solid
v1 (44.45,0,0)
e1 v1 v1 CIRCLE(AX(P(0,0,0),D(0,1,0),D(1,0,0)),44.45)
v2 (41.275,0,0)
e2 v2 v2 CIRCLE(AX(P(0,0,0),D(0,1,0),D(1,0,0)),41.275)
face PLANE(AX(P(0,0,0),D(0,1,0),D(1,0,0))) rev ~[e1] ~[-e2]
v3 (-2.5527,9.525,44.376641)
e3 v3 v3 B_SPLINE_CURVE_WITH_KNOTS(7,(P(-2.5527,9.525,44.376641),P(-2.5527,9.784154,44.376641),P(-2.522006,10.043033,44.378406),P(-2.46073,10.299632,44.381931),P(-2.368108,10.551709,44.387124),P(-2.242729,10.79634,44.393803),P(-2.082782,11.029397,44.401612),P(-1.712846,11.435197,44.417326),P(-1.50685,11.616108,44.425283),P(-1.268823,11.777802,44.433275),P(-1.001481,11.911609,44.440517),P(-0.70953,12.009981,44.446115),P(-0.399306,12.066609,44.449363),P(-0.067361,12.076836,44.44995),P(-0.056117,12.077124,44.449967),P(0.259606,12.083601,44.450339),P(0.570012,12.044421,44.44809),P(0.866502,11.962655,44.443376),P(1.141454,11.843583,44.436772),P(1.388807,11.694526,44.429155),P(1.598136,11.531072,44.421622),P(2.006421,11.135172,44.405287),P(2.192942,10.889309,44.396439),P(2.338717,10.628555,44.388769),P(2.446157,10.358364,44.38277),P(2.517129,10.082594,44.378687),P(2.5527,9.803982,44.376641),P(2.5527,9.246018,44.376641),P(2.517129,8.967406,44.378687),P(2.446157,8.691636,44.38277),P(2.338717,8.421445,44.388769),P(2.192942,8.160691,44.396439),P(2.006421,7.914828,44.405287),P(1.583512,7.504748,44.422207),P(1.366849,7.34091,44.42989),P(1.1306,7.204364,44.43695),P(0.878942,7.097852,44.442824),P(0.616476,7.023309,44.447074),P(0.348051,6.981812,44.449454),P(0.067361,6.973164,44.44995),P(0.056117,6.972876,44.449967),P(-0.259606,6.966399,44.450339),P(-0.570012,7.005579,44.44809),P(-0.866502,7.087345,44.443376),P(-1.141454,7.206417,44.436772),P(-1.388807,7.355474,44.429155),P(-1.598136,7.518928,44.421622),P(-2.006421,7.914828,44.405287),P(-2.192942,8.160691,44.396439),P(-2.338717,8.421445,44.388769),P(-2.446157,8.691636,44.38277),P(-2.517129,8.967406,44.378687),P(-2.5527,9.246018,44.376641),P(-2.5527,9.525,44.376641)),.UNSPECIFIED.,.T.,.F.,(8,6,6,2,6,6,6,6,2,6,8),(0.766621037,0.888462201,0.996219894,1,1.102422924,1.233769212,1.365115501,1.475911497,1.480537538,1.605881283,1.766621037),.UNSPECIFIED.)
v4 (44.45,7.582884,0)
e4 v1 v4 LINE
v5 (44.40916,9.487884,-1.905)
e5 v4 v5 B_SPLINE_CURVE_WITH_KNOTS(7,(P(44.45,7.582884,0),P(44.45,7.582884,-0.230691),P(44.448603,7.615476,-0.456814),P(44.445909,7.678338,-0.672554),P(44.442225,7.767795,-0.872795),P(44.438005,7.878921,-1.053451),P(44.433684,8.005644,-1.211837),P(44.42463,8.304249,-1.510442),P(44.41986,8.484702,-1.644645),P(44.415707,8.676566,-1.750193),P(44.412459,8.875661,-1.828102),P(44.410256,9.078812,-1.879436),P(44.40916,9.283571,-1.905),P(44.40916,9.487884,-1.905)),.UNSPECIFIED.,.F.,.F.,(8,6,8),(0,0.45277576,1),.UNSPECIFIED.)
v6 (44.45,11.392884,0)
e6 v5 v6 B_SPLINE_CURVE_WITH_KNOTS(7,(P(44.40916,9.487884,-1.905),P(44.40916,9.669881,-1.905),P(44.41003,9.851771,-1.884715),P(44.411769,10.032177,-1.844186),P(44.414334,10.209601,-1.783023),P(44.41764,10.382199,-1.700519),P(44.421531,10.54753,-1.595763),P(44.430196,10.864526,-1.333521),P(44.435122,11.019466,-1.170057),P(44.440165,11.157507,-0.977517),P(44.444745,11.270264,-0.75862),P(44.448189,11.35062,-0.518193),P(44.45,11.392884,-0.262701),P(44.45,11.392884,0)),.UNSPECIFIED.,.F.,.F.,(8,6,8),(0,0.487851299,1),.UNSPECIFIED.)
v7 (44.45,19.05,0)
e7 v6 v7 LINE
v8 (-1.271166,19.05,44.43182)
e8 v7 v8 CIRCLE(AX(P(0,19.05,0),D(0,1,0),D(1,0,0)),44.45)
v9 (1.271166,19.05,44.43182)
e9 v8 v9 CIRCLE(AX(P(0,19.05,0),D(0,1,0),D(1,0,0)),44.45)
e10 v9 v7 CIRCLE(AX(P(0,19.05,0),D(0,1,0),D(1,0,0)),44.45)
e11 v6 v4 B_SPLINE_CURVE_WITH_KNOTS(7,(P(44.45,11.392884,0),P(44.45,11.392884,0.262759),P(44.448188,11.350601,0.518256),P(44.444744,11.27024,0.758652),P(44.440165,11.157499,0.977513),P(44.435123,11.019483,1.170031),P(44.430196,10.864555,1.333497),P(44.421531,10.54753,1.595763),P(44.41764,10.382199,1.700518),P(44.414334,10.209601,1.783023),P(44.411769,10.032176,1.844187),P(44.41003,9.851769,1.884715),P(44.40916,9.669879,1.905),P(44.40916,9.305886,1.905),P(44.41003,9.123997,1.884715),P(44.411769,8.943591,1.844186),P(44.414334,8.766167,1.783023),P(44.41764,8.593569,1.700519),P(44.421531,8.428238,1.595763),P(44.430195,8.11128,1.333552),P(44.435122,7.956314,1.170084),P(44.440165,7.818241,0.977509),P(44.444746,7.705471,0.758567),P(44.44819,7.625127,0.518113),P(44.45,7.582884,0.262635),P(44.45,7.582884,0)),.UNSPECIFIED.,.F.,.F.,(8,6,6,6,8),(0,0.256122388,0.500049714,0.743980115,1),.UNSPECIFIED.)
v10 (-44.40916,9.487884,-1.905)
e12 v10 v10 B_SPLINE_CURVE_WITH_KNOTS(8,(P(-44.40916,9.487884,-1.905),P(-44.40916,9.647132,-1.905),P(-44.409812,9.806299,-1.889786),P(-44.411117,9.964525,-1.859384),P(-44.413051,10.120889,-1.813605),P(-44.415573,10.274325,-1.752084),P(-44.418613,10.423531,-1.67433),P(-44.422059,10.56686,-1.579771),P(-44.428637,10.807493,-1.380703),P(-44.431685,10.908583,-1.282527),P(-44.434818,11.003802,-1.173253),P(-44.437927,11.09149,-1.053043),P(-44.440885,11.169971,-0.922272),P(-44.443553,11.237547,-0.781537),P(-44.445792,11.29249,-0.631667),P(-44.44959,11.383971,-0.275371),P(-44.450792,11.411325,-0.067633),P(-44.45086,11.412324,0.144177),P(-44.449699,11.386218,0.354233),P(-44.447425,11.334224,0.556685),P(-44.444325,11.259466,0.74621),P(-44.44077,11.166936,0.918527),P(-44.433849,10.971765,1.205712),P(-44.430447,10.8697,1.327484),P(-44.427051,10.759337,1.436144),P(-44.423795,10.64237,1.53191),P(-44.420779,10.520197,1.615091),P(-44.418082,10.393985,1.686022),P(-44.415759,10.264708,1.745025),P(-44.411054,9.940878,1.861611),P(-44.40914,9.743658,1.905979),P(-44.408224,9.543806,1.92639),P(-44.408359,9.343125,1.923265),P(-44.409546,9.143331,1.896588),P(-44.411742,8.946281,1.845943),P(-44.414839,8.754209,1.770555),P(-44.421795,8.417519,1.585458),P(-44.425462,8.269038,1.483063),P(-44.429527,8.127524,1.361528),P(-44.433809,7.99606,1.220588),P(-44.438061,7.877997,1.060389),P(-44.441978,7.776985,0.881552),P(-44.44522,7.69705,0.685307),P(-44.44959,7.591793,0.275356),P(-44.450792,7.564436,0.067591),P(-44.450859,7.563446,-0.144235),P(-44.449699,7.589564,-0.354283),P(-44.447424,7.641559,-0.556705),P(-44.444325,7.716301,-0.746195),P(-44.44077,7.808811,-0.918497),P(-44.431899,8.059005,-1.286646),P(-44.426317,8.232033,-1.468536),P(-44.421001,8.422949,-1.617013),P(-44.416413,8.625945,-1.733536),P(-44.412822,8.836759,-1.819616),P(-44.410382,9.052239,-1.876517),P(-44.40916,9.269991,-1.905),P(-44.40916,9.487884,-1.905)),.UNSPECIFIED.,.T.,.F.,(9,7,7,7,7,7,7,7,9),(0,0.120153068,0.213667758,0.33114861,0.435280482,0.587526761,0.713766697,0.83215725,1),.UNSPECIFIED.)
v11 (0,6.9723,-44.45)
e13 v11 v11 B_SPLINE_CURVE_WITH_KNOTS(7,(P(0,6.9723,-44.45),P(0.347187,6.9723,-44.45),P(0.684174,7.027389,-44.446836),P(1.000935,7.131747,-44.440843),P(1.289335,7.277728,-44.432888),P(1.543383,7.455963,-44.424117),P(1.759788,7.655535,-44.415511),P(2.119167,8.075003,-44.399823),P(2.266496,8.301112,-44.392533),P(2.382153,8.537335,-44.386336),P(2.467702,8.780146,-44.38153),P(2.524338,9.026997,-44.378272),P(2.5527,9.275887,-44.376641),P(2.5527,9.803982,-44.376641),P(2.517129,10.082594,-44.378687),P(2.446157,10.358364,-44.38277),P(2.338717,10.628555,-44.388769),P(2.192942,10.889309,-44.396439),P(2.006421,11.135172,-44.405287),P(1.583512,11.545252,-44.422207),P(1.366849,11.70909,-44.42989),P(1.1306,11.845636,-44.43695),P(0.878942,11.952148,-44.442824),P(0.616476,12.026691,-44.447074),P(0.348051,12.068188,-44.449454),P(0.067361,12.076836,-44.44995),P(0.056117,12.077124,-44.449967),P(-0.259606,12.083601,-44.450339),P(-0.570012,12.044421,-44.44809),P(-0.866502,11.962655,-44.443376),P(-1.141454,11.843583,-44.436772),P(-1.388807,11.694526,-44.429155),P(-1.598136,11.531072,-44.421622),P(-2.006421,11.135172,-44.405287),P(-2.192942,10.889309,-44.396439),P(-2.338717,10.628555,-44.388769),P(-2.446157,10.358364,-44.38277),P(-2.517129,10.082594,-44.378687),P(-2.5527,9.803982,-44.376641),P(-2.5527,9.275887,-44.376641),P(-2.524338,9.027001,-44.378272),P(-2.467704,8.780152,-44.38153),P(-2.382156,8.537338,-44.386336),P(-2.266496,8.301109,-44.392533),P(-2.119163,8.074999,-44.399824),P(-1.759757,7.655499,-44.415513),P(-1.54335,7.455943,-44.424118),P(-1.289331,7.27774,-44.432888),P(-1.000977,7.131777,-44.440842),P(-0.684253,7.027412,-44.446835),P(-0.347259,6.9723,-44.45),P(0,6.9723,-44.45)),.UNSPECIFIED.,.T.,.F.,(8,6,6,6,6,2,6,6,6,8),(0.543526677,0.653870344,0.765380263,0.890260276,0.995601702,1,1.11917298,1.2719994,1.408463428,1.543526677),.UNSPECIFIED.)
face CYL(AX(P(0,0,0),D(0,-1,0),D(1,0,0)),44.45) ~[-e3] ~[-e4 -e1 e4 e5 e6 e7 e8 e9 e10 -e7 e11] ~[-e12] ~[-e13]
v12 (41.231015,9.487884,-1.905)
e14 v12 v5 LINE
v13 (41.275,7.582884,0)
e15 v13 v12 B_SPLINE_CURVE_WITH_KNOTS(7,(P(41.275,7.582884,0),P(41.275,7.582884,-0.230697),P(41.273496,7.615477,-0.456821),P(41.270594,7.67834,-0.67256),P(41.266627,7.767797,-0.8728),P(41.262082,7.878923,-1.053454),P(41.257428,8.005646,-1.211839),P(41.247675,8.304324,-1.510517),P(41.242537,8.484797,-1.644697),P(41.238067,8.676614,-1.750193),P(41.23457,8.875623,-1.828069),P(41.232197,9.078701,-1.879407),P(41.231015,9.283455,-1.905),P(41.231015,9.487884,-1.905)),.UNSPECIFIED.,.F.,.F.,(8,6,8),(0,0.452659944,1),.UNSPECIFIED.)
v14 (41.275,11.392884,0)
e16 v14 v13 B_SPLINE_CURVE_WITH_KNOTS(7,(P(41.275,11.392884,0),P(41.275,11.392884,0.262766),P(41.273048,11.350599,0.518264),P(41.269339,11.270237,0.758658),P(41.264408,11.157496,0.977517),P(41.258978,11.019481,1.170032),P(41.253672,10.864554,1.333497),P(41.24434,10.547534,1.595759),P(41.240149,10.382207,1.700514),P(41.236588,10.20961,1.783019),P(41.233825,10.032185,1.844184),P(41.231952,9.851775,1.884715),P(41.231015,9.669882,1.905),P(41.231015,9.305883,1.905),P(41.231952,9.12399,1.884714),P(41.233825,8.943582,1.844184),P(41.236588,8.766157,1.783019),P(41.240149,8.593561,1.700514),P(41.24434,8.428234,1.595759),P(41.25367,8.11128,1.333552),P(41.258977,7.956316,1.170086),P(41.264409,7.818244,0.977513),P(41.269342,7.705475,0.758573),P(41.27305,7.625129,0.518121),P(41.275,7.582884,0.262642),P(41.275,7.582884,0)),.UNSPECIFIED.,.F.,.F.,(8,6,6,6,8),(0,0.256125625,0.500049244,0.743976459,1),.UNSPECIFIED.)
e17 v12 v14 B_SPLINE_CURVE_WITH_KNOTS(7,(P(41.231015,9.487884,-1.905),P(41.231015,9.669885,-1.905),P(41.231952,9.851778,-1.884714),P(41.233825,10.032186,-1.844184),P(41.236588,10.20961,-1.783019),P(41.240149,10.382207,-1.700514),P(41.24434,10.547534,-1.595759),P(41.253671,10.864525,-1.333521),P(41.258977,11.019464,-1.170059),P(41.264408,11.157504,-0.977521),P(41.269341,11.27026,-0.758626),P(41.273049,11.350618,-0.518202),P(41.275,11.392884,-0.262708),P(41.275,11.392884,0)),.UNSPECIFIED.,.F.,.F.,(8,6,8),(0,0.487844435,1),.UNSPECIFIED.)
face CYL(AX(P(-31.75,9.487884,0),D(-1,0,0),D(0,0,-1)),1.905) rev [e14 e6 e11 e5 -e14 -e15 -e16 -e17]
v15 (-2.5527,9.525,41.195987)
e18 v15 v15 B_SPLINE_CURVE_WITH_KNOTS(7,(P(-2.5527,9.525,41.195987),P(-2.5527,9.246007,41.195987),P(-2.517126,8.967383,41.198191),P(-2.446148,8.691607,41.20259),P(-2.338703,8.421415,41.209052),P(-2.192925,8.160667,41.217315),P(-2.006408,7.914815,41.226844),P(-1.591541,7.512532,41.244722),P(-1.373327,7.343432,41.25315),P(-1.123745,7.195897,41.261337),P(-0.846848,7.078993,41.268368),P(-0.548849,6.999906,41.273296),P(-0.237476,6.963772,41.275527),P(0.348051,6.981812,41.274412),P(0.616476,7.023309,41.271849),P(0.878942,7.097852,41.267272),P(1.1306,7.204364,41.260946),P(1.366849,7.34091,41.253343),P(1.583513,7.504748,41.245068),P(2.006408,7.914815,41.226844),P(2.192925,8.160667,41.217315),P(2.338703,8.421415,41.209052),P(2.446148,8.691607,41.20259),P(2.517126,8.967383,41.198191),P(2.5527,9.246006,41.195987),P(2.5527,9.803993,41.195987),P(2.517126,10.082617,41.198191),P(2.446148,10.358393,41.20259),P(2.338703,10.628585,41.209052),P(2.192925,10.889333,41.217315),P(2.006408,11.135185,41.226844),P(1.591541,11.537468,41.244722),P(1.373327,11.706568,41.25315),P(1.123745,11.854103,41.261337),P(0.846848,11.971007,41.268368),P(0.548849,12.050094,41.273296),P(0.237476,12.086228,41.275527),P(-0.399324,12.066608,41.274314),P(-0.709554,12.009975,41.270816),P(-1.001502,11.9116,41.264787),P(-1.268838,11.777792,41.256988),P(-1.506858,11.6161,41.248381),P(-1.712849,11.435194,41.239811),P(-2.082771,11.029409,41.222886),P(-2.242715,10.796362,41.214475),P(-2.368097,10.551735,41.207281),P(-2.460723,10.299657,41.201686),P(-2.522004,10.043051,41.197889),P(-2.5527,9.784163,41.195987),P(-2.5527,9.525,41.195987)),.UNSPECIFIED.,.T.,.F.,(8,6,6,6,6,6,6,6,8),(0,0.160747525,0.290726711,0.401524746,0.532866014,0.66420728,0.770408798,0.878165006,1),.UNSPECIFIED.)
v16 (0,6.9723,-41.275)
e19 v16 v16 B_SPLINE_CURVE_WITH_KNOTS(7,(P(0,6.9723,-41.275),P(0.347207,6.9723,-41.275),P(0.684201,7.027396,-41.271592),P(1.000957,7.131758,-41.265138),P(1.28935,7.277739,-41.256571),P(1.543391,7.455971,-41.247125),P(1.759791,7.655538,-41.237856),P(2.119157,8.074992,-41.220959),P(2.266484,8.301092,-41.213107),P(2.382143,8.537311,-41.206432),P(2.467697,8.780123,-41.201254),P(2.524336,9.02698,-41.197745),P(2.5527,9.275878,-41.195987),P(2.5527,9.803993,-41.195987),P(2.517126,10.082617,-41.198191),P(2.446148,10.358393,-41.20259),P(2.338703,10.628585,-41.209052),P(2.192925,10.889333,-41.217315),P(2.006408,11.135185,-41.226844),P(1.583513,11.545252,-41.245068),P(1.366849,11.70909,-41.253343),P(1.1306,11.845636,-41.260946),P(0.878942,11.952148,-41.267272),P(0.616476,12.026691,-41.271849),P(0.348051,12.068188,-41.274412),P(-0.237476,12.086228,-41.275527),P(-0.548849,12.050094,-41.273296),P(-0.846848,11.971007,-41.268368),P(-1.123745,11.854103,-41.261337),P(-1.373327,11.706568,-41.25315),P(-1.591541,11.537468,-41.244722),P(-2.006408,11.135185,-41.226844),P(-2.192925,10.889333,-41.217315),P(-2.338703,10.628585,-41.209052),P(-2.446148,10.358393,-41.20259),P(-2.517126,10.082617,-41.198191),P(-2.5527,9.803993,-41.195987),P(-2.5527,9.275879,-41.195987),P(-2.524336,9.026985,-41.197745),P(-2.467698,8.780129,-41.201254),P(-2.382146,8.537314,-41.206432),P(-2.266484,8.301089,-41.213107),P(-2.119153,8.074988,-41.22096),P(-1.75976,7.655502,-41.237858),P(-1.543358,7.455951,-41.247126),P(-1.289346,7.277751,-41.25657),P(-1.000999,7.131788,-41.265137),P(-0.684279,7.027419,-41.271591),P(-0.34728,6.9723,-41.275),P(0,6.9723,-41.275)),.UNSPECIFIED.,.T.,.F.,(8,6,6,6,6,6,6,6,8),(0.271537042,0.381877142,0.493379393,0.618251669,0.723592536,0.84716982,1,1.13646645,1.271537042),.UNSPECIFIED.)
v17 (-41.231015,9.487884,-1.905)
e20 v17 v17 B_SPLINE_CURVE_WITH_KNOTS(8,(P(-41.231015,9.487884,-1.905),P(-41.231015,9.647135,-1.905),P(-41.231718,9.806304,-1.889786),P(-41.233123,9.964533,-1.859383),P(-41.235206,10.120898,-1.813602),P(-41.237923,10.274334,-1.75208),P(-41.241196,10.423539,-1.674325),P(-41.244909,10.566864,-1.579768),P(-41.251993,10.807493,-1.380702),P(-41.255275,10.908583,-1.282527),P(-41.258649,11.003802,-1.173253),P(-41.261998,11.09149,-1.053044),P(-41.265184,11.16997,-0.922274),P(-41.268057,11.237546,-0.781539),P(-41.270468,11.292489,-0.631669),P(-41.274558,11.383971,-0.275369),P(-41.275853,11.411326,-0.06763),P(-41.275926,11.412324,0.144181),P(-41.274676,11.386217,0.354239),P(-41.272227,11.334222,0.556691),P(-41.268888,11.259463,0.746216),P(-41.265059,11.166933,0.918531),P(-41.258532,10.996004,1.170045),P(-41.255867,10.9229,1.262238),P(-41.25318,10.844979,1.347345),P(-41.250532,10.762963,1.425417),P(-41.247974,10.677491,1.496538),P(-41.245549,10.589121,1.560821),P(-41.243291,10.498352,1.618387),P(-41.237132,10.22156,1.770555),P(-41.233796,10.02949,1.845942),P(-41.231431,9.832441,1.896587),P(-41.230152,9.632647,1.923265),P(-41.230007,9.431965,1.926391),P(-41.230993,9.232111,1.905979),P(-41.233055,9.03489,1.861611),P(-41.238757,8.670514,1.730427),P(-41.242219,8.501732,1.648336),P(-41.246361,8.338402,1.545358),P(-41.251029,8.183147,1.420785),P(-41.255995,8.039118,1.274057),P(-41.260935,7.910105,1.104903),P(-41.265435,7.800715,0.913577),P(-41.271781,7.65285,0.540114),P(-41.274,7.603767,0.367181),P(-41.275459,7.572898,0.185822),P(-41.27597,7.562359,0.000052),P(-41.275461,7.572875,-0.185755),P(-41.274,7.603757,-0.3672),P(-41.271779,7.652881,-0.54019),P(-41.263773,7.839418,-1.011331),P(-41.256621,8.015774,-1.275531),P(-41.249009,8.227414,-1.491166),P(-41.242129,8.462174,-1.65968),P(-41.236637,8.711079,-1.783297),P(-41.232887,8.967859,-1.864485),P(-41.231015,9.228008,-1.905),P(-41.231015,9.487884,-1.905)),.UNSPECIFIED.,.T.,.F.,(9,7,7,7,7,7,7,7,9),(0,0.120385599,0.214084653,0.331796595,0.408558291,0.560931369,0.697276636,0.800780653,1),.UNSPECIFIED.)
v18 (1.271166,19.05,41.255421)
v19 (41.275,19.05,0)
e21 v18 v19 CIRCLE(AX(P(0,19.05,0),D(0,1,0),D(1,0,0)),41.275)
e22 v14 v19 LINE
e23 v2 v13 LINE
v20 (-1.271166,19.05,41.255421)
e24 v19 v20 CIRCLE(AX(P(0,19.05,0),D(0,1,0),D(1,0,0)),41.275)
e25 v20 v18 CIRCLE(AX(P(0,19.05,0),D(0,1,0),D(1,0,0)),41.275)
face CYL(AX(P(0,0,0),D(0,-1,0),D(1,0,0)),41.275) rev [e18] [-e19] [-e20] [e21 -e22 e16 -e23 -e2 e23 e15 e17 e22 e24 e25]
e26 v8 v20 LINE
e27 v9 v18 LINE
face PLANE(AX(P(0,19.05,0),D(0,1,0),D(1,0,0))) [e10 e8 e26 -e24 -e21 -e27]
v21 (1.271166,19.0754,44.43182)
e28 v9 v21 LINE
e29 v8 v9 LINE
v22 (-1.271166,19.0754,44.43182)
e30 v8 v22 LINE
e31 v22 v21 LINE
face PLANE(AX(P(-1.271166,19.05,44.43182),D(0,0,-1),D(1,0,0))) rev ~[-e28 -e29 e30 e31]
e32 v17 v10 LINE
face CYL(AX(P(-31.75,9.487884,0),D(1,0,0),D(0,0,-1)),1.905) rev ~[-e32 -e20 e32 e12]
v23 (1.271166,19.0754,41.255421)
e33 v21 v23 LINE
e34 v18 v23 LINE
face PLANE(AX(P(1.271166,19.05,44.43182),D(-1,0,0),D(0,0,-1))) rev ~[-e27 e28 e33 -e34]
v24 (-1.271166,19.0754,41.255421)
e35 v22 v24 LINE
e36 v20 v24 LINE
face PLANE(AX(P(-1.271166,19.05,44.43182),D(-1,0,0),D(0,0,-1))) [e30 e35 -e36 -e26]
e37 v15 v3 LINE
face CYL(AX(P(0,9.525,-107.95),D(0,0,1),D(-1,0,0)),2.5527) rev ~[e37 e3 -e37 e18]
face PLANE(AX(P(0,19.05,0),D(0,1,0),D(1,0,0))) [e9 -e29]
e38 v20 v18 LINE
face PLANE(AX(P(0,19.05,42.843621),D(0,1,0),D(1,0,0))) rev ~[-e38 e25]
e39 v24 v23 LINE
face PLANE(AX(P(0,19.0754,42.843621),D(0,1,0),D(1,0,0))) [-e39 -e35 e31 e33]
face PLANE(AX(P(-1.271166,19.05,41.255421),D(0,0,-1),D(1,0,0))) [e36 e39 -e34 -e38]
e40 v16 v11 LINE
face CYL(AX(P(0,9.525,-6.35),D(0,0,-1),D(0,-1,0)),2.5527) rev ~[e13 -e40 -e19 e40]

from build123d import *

# Parameters (mm, degrees)
SKETCH1_R                       = 44.45
SKETCH1_R_2                     = 41.275
BOSS_EXTRUDE1_DEPTH             = 19.05
SKETCH5_W                       = 2.5527
SKETCH5_H                       = 76.2
TAP_DRILL_FOR_1_4_20_TAP2_D     = 5.1054
TAP_DRILL_FOR_1_4_20_TAP2_DEPTH = 76.2
SKETCH10_R                      = 1.905
CUT_EXTRUDE3_DEPTH              = 77.2000001
CUT_EXTRUDE3_DEPTH_BACK         = 13.7000001
TIGWELD_W                       = 2.542332396
TIGWELD_H                       = 3.176399095
BOSS_EXTRUDE2_DEPTH             = 0.0254


with BuildPart() as part:
    # Sketch1 → Boss-Extrude1 (new body)
    with BuildSketch(Plane(origin=(0, 0, 0), x_dir=(1, 0, 0), z_dir=(0, 1, 0))):
        Circle(SKETCH1_R)
        Circle(SKETCH1_R_2, mode=Mode.SUBTRACT)
    extrude(amount=BOSS_EXTRUDE1_DEPTH)

    # Sketch5 → Tap Drill for 1/4-20 Tap1 (revolve, cut)
    with BuildSketch(Plane(origin=(0, 9.525, 31.75), x_dir=(0, -1, 0), z_dir=(1, 0, 0))):
        with Locations((1.27635, 38.1)):
            Rectangle(SKETCH5_W, SKETCH5_H)
    revolve(axis=Axis((0, 9.525, 38.1), (0, 0, -1)), mode=Mode.SUBTRACT)

    # Tap Drill for 1/4-20 Tap2
    with Locations(Plane(origin=(0, 0, -31.75), x_dir=(1, 0, 0), z_dir=(0, 0, -1))):
        with Locations((0, -9.525)):
            Hole(TAP_DRILL_FOR_1_4_20_TAP2_D / 2, depth=TAP_DRILL_FOR_1_4_20_TAP2_DEPTH)

    # Sketch10 → Cut-Extrude3 (cut, two sides)
    with BuildSketch(Plane(origin=(-31.75, 0, 0), x_dir=(0, 0, -1), z_dir=(1, 0, 0))) as cut_extrude3_sk:
        with Locations((0, 9.487883811)):
            Circle(SKETCH10_R)
    extrude(amount=CUT_EXTRUDE3_DEPTH, mode=Mode.SUBTRACT)
    extrude(cut_extrude3_sk.sketch, amount=-CUT_EXTRUDE3_DEPTH_BACK, mode=Mode.SUBTRACT)

    # TigWeld → Boss-Extrude2 (add)
    with BuildSketch(Plane(origin=(0, 19.05, 0), x_dir=(1, 0, 0), z_dir=(0, 1, 0))):
        with Locations((0, -42.843620543)):
            Rectangle(TIGWELD_W, TIGWELD_H)
    extrude(amount=BOSS_EXTRUDE2_DEPTH)


solid = part.part
